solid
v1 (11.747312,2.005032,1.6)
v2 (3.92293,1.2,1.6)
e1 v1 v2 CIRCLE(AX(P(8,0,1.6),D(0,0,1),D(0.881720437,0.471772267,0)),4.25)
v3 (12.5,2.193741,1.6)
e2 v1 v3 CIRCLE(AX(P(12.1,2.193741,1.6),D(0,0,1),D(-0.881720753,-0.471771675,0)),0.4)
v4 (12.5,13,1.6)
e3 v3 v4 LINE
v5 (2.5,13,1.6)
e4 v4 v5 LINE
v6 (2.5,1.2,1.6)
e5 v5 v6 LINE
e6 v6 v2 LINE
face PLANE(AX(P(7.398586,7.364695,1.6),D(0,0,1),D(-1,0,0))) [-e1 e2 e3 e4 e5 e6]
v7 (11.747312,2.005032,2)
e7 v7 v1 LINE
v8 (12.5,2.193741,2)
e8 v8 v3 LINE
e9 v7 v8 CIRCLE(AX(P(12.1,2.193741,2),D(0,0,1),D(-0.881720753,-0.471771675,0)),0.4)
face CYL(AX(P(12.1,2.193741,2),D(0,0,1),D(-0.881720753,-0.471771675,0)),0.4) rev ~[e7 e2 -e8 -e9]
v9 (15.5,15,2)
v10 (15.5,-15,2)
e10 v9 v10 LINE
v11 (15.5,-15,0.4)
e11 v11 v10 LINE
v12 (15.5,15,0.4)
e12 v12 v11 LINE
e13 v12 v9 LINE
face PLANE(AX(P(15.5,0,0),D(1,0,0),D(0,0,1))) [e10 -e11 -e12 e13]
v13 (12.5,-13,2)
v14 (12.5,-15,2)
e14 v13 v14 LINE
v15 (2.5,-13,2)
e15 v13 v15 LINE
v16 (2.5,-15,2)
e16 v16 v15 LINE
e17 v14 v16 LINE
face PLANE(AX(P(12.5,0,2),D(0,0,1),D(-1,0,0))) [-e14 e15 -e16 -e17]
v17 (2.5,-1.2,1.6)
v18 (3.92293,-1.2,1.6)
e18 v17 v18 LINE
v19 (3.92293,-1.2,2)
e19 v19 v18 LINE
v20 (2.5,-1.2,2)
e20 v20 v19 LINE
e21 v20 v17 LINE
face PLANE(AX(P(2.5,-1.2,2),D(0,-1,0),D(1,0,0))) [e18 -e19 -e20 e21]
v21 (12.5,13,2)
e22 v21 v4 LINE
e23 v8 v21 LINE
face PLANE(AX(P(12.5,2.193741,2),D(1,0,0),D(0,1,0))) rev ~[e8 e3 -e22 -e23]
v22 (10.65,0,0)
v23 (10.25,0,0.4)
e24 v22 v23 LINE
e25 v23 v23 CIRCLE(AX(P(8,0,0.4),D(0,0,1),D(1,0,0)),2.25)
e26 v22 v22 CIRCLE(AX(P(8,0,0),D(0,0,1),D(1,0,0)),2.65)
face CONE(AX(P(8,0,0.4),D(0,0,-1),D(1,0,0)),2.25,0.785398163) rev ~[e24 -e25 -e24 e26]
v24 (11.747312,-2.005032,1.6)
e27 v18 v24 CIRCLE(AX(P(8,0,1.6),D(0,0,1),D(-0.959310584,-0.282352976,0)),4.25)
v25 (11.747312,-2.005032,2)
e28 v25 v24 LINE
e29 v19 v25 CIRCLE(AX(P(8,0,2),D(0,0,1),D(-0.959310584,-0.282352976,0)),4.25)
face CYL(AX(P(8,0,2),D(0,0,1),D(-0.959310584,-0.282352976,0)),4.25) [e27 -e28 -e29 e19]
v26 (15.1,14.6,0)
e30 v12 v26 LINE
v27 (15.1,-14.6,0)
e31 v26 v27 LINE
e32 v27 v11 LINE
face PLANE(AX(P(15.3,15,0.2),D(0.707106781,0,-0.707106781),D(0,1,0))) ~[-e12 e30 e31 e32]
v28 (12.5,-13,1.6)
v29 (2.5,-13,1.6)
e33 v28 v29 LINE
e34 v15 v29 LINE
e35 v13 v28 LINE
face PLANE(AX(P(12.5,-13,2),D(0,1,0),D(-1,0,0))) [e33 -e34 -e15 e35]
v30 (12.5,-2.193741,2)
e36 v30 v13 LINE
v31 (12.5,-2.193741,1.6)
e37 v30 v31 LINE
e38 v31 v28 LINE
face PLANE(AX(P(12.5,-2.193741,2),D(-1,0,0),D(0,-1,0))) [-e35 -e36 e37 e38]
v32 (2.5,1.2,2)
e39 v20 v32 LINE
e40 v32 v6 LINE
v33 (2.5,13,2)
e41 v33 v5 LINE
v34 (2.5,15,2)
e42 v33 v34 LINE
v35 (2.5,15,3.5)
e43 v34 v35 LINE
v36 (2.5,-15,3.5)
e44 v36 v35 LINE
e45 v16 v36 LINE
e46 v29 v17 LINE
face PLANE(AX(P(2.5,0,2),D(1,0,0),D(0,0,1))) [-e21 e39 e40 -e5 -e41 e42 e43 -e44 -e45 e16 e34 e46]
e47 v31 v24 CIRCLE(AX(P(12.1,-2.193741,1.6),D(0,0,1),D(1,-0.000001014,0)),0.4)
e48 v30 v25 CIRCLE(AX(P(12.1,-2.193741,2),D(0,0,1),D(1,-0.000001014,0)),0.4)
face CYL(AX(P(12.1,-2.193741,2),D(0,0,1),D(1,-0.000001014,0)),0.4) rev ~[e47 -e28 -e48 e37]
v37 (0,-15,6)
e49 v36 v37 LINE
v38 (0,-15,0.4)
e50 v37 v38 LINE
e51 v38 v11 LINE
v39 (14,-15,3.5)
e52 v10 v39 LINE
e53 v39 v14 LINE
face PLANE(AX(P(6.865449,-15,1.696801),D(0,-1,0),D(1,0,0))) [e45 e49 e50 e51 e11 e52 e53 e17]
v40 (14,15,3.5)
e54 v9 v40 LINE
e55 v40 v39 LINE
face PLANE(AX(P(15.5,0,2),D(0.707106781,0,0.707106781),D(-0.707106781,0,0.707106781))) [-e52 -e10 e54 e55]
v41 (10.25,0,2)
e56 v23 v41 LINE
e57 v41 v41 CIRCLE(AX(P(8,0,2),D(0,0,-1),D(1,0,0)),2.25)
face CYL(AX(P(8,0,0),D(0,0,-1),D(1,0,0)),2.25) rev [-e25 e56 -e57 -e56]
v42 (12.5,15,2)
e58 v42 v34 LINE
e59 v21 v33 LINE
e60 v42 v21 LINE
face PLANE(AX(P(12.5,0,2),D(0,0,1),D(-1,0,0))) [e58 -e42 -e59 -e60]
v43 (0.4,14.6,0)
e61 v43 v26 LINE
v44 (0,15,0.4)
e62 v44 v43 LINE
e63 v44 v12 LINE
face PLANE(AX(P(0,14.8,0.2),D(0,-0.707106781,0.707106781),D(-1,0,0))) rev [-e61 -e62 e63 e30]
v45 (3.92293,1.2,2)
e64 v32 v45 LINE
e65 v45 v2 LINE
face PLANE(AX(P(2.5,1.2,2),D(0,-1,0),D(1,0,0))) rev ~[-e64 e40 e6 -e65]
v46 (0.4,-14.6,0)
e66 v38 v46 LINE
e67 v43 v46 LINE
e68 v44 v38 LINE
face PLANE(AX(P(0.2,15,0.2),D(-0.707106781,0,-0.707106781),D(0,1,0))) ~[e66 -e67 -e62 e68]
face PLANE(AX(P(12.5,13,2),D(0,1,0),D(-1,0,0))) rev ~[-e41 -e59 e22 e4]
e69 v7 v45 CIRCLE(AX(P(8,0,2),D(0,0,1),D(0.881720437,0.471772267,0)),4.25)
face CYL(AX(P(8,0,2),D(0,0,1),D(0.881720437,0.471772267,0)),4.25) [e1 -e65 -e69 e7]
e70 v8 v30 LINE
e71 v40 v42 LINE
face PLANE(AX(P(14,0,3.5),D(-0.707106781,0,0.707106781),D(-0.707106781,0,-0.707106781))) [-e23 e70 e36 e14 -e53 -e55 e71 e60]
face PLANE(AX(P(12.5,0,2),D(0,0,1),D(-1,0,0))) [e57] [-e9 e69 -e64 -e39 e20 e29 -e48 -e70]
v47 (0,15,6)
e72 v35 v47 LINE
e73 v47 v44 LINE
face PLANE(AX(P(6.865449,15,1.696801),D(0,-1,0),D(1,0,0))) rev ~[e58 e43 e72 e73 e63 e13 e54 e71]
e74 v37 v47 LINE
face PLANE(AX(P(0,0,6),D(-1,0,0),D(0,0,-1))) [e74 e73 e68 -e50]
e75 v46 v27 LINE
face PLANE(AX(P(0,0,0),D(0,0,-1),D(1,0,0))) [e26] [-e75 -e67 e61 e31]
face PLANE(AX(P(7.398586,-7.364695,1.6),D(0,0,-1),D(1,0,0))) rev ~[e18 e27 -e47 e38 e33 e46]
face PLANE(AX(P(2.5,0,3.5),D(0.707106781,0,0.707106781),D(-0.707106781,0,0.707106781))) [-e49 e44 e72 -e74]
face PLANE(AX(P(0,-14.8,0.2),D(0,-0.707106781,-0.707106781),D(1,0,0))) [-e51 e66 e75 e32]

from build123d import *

# Parameters (mm, degrees)
PAD_DEPTH       = 15
SKETCH001_R     = 2.25
HOLE_DEPTH      = 6.001
POCKET010_DEPTH = 0.4
CHAMFER004_SIZE = 0.4


with BuildPart() as part:
    # Sketch → Pad (new body, symmetric)
    with BuildSketch(Plane.XZ):
        Polygon((0, 6), (0, 0), (15.5, 0), (15.5, 2), (14, 3.5), (12.5, 2), (2.5, 2), (2.5, 3.5), align=None)
    extrude(amount=PAD_DEPTH, both=True)

    # Sketch001 → Hole (cut, through all)
    with BuildSketch(Plane.XY):
        with Locations((8, 0)):
            Circle(SKETCH001_R)
    extrude(amount=HOLE_DEPTH, mode=Mode.SUBTRACT)

    # Sketch013 (on Face11 of Hole) → Pocket010 (cut)
    with BuildSketch(Plane(origin=(0, 0, 2), x_dir=(-1, 0, 0), z_dir=(0, 0, 1))):
        with BuildLine():
            Line((-12.5, 13), (-2.5, 13))
            Line((-2.5, 13), (-2.5, 1.2))
            Line((-2.5, 1.2), (-3.92293, 1.2))
            ThreePointArc((-3.92293, 1.2), (-7.565024, 4.227682), (-11.747312, 2.005032))
            ThreePointArc((-12.5, 2.193741), (-12.197275, 1.805749), (-11.747312, 2.005032))
            Line((-12.5, 2.193741), (-12.5, 13))
        make_face()
        with BuildLine():
            Line((-12.5, -13), (-2.5, -13))
            Line((-2.5, -13), (-2.5, -1.2))
            Line((-2.5, -1.2), (-3.92293, -1.2))
            ThreePointArc((-11.747312, -2.005032), (-7.565024, -4.227682), (-3.92293, -1.2))
            ThreePointArc((-11.747312, -2.005032), (-12.197275, -1.805749), (-12.5, -2.193741))
            Line((-12.5, -2.193741), (-12.5, -13))
        make_face()
    extrude(amount=-POCKET010_DEPTH, mode=Mode.SUBTRACT)

    # Chamfer004
    chamfer004_edges = [part.edges().sort_by_distance(p)[0] for p in [
        (0, 0, 0),
        (7.75, 15, 0),
        (7.75, -15, 0),
        (15.5, 0, 0),
        (10.25, 0, 0),
    ]]
    chamfer(chamfer004_edges, length=CHAMFER004_SIZE)


solid = part.part
